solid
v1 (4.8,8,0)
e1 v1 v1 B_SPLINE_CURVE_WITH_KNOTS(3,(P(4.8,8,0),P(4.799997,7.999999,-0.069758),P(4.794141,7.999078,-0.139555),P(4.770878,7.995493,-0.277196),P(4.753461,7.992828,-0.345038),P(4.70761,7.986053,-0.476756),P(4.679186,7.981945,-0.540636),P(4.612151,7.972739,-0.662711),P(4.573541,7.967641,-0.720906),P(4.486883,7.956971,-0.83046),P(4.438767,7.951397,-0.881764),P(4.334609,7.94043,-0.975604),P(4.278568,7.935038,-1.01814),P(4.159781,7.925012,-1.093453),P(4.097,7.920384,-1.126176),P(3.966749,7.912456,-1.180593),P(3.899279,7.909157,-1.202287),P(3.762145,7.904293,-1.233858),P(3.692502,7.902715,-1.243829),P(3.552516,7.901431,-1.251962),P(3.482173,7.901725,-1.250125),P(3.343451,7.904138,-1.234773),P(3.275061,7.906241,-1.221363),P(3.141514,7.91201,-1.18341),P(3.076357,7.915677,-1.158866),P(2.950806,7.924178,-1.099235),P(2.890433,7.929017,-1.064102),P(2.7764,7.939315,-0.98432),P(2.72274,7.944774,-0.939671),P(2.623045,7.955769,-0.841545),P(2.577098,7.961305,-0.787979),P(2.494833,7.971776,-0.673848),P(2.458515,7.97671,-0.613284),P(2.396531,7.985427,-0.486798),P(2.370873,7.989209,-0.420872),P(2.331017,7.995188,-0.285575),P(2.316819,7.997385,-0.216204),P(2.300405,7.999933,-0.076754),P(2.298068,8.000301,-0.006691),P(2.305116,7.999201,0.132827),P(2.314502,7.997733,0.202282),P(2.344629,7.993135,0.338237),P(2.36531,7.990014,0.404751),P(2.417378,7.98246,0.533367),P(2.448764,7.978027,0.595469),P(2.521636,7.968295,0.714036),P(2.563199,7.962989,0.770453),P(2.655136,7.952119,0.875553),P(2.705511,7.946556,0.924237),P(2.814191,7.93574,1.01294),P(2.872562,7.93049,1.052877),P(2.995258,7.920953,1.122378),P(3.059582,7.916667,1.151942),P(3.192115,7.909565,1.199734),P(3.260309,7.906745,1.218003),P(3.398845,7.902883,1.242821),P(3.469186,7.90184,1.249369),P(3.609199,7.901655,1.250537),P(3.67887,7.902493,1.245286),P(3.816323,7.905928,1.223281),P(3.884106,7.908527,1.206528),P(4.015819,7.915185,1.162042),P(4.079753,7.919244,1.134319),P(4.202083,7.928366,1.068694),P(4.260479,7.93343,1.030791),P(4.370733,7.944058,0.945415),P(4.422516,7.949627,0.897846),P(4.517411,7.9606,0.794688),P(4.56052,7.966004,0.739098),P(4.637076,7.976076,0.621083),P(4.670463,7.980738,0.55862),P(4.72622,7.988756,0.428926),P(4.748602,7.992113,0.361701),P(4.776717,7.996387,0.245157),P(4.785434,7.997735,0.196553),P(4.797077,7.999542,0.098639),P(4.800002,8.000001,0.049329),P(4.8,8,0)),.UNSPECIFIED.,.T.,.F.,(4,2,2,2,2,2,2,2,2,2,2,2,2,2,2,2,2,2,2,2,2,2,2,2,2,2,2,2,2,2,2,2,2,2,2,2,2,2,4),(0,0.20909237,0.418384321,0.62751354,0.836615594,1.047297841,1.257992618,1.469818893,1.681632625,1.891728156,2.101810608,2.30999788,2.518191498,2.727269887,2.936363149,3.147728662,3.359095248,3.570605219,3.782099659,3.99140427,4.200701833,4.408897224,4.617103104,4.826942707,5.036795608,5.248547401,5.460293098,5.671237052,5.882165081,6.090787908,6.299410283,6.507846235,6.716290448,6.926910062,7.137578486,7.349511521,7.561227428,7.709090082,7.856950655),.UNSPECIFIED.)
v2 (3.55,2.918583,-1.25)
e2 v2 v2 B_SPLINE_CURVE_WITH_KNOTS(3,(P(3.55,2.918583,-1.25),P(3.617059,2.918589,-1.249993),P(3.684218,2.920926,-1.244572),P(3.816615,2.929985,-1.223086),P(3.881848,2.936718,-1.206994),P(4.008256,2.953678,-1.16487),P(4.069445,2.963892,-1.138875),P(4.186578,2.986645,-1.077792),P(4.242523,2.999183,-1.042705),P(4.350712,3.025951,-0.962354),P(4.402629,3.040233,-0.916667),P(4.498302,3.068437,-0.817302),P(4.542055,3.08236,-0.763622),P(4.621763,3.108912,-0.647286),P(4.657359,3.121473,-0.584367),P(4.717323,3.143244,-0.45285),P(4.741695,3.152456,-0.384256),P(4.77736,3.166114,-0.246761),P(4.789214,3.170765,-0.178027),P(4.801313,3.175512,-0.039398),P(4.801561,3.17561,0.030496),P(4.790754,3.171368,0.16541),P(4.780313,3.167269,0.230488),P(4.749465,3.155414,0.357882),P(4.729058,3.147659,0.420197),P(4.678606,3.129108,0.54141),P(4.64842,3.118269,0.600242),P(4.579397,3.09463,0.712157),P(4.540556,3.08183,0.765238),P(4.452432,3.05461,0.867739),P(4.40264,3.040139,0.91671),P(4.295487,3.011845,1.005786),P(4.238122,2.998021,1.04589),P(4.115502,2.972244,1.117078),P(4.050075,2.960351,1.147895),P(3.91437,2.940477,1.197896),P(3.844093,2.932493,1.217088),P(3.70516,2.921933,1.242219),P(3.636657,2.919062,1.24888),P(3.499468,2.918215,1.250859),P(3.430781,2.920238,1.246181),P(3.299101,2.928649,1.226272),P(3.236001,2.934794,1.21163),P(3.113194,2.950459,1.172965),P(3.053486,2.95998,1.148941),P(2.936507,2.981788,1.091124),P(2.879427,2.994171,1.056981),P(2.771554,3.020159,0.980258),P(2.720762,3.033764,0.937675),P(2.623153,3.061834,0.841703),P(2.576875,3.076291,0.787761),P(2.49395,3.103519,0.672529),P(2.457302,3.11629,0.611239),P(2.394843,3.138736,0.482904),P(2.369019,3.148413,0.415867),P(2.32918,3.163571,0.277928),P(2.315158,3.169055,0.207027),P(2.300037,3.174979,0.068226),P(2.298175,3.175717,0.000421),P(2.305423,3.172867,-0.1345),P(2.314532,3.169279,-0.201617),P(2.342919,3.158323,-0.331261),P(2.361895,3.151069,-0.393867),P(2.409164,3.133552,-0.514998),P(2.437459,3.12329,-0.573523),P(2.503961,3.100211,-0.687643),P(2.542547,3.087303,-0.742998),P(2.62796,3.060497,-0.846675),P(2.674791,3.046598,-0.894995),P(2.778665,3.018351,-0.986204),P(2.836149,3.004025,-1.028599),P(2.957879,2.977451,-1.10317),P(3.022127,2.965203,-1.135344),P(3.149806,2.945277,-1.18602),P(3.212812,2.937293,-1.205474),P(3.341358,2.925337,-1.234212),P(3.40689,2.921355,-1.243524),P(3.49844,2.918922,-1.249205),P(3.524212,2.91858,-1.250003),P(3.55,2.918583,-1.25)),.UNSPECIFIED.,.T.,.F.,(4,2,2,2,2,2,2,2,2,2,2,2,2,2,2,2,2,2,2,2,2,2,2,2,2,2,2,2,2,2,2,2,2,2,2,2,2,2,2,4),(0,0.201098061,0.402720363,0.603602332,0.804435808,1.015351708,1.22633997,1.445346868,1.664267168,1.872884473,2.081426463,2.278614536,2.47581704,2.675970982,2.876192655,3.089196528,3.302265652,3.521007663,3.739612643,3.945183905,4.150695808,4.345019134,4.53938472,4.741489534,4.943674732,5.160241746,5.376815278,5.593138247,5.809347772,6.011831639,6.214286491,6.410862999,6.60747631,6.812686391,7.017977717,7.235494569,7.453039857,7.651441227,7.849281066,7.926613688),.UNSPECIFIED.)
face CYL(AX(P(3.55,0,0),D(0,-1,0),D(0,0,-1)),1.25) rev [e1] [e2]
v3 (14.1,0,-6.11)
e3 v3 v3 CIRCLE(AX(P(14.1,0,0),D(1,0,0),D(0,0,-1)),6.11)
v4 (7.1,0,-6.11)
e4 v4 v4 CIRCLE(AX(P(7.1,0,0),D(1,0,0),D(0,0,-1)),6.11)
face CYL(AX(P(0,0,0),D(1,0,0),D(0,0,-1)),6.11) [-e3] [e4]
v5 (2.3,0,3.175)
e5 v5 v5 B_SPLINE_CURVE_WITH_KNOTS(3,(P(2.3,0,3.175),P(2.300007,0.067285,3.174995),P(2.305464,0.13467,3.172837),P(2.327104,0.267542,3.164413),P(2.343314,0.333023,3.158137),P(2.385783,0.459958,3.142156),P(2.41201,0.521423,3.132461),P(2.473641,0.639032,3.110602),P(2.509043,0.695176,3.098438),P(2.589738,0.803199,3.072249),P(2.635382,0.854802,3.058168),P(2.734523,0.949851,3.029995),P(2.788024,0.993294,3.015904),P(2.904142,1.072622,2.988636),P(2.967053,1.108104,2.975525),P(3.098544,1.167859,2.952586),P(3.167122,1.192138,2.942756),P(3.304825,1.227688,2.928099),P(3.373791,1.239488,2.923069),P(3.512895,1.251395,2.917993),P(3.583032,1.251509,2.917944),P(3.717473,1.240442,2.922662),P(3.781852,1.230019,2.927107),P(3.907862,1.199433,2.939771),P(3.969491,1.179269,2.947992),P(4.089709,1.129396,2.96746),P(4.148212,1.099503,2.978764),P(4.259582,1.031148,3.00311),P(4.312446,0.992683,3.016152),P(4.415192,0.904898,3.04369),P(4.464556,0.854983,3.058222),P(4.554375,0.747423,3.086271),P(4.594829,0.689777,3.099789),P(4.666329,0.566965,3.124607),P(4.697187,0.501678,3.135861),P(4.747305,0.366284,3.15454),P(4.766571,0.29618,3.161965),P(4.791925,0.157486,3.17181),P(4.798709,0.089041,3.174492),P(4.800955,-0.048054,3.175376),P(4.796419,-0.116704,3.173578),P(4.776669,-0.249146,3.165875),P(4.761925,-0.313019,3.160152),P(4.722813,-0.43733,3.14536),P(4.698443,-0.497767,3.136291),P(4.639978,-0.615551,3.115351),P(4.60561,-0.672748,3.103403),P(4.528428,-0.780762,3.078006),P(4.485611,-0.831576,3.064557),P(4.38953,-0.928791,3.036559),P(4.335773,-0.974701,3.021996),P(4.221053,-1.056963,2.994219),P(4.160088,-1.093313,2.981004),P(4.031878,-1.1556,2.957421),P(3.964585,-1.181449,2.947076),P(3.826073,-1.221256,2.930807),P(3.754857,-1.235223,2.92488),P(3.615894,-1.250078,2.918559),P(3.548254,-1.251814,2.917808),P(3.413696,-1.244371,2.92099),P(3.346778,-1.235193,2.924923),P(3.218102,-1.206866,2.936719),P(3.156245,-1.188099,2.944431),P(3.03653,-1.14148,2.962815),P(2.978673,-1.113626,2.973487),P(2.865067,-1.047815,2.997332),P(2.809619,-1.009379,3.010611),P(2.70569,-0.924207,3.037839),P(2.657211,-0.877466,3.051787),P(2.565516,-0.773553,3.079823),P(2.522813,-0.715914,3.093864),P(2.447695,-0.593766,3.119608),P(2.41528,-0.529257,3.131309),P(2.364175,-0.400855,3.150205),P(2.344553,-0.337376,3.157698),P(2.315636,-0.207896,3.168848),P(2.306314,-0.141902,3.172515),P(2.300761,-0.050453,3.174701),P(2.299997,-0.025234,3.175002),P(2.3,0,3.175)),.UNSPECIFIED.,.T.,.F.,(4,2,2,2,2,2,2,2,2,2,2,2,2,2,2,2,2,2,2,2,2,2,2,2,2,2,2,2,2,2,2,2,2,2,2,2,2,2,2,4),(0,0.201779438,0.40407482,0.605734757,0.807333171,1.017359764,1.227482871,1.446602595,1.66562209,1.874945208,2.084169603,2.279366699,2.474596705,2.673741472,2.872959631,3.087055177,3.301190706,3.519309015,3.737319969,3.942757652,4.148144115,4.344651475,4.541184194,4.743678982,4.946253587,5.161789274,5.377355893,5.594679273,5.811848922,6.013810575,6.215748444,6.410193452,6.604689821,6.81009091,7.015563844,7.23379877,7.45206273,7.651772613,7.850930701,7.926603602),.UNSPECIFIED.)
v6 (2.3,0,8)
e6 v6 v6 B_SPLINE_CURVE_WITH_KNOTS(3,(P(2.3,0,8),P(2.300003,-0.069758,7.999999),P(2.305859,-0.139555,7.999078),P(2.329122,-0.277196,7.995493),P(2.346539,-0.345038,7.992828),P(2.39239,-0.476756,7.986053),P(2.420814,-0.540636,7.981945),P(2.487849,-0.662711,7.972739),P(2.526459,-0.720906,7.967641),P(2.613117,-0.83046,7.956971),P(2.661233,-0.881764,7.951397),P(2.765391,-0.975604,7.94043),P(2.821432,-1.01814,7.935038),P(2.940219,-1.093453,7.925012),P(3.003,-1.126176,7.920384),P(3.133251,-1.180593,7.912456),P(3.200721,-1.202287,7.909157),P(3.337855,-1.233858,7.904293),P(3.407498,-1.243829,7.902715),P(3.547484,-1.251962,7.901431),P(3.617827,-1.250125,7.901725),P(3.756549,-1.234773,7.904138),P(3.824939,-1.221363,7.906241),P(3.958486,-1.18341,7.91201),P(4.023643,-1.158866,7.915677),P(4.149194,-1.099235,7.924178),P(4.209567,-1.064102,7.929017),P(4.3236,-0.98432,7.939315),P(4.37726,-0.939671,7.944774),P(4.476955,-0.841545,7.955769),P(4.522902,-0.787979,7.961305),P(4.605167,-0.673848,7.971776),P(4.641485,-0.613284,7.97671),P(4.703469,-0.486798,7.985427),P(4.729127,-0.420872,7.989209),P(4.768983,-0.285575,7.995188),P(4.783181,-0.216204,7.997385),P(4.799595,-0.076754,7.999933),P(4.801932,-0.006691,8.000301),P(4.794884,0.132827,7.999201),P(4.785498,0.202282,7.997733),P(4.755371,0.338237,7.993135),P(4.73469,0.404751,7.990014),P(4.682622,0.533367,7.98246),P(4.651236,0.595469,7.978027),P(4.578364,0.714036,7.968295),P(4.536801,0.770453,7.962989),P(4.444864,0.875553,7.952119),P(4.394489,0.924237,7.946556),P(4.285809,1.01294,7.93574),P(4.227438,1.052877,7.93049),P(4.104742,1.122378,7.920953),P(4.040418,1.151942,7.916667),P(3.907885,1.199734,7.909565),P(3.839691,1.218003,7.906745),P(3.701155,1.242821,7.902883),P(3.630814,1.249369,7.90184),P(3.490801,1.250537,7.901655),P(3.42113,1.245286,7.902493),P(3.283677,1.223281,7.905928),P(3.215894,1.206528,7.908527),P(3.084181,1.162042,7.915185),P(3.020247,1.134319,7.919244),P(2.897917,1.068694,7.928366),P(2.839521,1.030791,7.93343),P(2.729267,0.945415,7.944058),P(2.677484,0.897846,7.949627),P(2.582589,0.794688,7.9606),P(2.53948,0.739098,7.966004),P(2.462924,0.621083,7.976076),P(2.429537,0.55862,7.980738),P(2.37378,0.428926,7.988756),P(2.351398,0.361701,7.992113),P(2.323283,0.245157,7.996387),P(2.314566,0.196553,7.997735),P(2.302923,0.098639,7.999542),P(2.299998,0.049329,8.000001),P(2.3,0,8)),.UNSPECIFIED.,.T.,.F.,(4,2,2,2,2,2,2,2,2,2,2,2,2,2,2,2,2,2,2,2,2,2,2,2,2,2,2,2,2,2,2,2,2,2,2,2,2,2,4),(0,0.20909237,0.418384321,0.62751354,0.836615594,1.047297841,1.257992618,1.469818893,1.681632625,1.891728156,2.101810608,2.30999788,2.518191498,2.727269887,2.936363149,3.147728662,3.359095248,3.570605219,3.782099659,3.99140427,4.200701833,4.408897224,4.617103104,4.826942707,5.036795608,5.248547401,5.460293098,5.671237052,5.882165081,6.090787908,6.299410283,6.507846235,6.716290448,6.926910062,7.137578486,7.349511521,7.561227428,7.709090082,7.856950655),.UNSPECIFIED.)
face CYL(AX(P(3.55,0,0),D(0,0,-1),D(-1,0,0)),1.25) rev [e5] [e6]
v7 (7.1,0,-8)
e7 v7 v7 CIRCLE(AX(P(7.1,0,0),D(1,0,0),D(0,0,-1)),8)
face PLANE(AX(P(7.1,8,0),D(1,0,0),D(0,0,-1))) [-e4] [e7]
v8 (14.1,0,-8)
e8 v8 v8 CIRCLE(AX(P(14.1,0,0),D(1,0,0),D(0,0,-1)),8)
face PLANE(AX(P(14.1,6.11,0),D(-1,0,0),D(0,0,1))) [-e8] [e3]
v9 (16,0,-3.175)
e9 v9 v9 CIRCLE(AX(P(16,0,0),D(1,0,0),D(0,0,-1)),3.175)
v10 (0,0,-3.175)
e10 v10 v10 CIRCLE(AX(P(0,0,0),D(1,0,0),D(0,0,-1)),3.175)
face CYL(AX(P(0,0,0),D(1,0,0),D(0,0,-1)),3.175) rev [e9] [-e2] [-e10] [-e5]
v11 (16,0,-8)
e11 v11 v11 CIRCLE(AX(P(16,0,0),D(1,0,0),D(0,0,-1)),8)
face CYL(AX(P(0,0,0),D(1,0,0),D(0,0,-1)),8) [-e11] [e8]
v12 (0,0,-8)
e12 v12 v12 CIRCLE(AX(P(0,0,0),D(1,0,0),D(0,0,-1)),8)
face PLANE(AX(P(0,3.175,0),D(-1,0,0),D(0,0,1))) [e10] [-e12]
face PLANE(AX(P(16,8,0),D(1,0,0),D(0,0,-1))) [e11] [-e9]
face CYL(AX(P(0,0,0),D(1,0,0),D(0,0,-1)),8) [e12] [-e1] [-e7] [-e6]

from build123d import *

# Parameters (mm, degrees)
SKETCH2_W = 1.25
SKETCH2_H = 8
SKETCH4_W = 1.25
SKETCH4_H = 8


with BuildPart() as part:
    # Sketch1 → Revolve1 (revolve)
    with BuildSketch(Plane.XY, mode=Mode.PRIVATE) as revolve1_sk:
        Polygon((0, 3.175), (0, 8), (7.1, 8), (7.1, 6.11), (14.1, 6.11), (14.1, 8), (16, 8), (16, 3.175), align=None)
    revolve(revolve1_sk.sketch.rotate(Axis((0, 0, 0), (-1, 0, 0)), 90), axis=Axis((0, 0, 0), (-1, 0, 0)))

    # Sketch2 → M3x0.5 Tapped Hole1 (revolve, cut)
    with BuildSketch(Plane(origin=(3.55, 0, 0), x_dir=(0, 0, -1), z_dir=(1, 0, 0))):
        with Locations((0.625, 4)):
            Rectangle(SKETCH2_W, SKETCH2_H)
    revolve(axis=Axis((3.55, -6.35, 0), (0, 1, 0)), mode=Mode.SUBTRACT)

    # Sketch4 → M3x0.5 Tapped Hole2 (revolve, cut)
    with BuildSketch(Plane.YZ.offset(3.55)):
        with Locations((0.625, 4)):
            Rectangle(SKETCH4_W, SKETCH4_H)
    revolve(axis=Axis((3.55, 0, -6.35), (0, 0, 1)), mode=Mode.SUBTRACT)


solid = part.part
